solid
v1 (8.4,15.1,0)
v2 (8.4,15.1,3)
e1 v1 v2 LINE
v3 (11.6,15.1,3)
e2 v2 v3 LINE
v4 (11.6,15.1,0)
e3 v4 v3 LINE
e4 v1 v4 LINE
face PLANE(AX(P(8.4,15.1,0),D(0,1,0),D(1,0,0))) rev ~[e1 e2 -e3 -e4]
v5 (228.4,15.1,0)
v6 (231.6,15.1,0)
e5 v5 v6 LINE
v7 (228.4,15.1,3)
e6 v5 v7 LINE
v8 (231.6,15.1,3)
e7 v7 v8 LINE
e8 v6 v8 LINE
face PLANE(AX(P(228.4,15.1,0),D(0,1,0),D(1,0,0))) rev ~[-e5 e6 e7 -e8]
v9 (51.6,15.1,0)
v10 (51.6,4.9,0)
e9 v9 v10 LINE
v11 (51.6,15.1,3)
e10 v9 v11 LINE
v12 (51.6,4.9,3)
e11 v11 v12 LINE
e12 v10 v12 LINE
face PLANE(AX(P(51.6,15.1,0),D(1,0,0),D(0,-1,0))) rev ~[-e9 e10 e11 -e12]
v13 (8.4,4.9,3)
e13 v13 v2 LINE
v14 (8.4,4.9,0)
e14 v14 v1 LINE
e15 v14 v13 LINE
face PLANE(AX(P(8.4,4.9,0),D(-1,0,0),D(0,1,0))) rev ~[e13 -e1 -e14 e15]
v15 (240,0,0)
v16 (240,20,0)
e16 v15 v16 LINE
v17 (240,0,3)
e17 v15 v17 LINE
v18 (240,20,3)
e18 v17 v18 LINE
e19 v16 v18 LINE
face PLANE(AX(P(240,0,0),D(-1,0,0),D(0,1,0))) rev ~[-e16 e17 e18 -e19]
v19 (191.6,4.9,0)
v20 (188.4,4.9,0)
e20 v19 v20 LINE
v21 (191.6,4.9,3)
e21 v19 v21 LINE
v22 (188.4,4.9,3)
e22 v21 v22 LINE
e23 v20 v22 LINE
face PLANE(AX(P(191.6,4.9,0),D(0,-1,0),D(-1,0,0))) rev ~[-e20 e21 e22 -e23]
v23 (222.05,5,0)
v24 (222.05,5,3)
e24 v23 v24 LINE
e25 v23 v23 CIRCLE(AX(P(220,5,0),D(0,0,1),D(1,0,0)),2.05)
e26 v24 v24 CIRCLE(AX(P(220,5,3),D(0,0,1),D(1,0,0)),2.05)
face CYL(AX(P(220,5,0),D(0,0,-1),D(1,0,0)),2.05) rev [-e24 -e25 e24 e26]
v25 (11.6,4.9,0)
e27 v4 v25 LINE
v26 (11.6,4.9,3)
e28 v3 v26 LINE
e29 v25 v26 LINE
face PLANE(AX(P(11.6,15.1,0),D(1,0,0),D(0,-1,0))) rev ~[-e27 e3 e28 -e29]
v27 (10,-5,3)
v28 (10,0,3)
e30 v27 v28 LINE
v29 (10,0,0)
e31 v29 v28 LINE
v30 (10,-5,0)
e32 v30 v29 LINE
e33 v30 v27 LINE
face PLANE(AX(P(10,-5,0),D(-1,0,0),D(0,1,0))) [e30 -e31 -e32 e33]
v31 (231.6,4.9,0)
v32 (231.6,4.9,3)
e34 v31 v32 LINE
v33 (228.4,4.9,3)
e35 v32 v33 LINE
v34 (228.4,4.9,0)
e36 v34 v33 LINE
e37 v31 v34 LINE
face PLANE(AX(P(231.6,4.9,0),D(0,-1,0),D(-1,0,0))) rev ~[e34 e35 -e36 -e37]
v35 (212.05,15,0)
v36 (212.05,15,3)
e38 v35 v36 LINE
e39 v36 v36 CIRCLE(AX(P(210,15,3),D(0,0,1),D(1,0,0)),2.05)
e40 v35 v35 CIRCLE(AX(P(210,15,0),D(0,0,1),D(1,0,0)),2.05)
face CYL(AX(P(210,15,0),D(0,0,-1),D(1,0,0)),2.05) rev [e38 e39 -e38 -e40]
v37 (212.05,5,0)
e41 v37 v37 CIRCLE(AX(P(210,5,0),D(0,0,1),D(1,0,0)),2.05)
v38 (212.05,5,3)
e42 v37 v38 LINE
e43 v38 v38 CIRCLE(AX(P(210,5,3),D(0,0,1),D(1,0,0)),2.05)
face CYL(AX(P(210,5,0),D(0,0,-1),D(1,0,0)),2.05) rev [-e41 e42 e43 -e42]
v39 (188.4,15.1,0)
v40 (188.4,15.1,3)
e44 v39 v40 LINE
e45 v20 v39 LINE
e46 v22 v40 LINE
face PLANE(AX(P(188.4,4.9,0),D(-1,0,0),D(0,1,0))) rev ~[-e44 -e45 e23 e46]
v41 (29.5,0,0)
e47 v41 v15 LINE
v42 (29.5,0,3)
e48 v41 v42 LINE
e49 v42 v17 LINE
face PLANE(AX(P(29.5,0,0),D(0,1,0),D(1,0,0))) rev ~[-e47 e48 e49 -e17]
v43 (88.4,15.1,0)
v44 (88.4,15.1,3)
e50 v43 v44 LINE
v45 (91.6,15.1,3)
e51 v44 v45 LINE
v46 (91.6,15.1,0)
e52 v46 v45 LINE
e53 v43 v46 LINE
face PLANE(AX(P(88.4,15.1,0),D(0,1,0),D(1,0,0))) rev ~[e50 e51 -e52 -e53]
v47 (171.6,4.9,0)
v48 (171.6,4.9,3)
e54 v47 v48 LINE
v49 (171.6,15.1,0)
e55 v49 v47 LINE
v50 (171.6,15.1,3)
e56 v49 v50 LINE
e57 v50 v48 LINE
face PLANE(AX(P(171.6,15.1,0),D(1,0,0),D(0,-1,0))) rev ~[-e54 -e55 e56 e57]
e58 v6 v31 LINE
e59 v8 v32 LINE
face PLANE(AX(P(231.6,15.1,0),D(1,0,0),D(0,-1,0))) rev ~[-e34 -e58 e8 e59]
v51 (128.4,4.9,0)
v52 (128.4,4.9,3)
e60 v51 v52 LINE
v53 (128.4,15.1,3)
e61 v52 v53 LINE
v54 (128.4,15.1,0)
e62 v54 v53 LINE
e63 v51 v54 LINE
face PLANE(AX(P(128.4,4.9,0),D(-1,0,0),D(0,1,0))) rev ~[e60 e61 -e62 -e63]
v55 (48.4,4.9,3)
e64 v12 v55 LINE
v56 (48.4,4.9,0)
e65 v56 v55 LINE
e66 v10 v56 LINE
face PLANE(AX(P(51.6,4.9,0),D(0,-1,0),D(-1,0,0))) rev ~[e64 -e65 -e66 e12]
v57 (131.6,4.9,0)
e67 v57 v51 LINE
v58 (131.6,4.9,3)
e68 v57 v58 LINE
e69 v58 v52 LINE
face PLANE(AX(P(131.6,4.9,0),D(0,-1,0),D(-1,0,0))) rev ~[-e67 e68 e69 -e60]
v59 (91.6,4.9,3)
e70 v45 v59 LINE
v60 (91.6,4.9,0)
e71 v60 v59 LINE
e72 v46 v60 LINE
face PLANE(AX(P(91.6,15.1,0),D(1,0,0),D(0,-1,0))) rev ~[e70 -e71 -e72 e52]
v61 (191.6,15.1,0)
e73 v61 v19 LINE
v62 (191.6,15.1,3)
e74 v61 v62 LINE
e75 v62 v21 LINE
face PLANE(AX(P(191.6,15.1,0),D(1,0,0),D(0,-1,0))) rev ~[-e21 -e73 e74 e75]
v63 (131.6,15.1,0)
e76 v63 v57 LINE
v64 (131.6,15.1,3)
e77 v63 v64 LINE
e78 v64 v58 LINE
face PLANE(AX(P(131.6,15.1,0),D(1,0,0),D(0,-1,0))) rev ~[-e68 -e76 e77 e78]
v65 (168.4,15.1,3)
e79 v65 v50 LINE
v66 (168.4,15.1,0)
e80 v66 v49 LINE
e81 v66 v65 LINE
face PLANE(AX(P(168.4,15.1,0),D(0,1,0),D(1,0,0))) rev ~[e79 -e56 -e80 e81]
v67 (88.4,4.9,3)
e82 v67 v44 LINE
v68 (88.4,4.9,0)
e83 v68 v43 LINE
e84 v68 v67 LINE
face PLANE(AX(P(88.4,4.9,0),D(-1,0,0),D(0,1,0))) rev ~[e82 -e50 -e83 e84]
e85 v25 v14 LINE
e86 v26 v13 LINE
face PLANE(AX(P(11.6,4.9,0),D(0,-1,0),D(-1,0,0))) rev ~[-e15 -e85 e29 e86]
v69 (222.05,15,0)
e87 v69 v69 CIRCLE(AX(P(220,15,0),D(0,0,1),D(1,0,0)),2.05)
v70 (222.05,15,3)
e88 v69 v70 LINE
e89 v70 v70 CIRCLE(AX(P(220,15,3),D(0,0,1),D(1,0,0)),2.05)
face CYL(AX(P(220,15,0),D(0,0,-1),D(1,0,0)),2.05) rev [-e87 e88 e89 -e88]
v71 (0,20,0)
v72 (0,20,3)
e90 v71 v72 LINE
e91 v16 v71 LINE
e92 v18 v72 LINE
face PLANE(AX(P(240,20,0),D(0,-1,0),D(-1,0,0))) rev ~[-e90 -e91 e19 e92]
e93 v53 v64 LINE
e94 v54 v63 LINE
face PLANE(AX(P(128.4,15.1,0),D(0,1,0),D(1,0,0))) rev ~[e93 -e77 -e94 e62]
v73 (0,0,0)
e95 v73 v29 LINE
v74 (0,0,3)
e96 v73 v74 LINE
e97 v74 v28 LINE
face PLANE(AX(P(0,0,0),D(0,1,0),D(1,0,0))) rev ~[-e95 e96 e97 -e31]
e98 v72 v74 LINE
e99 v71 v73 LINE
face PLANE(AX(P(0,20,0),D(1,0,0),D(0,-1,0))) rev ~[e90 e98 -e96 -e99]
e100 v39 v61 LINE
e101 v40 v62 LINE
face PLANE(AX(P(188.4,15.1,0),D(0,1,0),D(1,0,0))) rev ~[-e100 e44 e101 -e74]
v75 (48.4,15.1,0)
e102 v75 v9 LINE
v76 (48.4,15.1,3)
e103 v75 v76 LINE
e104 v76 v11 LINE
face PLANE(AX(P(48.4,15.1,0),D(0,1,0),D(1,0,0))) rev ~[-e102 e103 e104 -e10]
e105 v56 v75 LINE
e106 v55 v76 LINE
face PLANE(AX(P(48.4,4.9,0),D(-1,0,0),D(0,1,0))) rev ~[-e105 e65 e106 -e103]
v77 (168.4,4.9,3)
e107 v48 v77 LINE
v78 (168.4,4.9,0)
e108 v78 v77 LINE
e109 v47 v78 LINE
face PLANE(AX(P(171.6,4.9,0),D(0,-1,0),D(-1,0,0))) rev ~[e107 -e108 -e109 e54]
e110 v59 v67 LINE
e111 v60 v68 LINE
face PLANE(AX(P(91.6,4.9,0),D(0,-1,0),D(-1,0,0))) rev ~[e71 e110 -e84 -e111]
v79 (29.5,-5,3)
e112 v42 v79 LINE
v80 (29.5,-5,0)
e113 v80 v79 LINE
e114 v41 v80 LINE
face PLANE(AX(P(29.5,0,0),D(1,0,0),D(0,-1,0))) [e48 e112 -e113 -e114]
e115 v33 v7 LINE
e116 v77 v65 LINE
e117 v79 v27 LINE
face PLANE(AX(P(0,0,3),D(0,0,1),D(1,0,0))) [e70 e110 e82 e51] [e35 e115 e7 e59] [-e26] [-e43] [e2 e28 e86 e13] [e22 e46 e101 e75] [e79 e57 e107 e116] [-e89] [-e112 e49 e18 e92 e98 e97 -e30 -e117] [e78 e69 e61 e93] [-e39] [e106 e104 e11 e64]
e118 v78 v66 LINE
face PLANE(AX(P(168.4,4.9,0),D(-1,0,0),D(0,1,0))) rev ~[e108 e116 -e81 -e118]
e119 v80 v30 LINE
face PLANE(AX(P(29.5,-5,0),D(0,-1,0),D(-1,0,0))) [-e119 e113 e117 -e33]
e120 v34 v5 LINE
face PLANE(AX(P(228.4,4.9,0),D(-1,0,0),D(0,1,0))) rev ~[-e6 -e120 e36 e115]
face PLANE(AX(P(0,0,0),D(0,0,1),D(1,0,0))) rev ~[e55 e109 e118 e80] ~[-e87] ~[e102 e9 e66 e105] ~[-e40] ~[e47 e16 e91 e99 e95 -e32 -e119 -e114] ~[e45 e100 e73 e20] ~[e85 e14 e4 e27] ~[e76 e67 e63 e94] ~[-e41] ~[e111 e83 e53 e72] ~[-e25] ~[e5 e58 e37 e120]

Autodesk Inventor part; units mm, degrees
ref_plane "YZ Plane" through (0, 0, 0) normal (1, 0, 0) x (0, 1, 0)
ref_plane "XZ Plane" through (0, 0, 0) normal (0, 1, 0) x (-1, 0, 0)
ref_plane "XY Plane" through (0, 0, 0) normal (0, 0, 1) x (1, 0, 0)
sketch "Sketch1" plane through (0, 0, 0) normal (0, 0, 1) x (1, 0, 0)
  line L0 (0, 0) -> (240, 0)
  line L1 (240, 0) -> (240, 20)
  line L2 (240, 20) -> (0, 20)
  line L3 (0, 20) -> (0, 0)
  line L4 (0, 0) -> (22.0483, 0)
  line L5 (10, 0) -> (29.5, 0)
  line L6 (29.5, 0) -> (29.5, -5)
  line L7 (29.5, -5) -> (10, -5)
  line L8 (10, -5) -> (10, 0)
  line L9 (8.4, 15.1) -> (11.6, 15.1)
  line L10 (11.6, 15.1) -> (11.6, 4.9)
  line L11 (11.6, 4.9) -> (8.4, 4.9)
  line L12 (8.4, 4.9) -> (8.4, 15.1)
  line L13 (8.4, 15.1) -> (11.6, 4.9) construction
  line L14 (11.6, 15.1) -> (8.4, 4.9) construction
  line L15 (228.4, 15.1) -> (231.6, 15.1)
  line L16 (231.6, 15.1) -> (231.6, 4.9)
  line L17 (231.6, 4.9) -> (228.4, 4.9)
  line L18 (228.4, 4.9) -> (228.4, 15.1)
  line L19 (228.4, 15.1) -> (231.6, 4.9) construction
  line L20 (231.6, 15.1) -> (228.4, 4.9) construction
  circle A0 centre (220, 15) radius 2.05
  circle A1 centre (220, 5) radius 2.05
  circle A2 centre (210, 15) radius 2.05
  circle A3 centre (210, 5) radius 2.05
  line L21 (48.4, 15.1) -> (51.6, 15.1)
  line L22 (51.6, 15.1) -> (51.6, 4.9)
  line L23 (51.6, 4.9) -> (48.4, 4.9)
  line L24 (48.4, 4.9) -> (48.4, 15.1)
  line L25 (48.4, 15.1) -> (51.6, 4.9) construction
  line L26 (51.6, 15.1) -> (48.4, 4.9) construction
  line L27 (88.4, 15.1) -> (91.6, 15.1)
  line L28 (91.6, 15.1) -> (91.6, 4.9)
  line L29 (91.6, 4.9) -> (88.4, 4.9)
  line L30 (88.4, 4.9) -> (88.4, 15.1)
  line L31 (88.4, 15.1) -> (91.6, 4.9) construction
  line L32 (91.6, 15.1) -> (88.4, 4.9) construction
  line L33 (128.4, 15.1) -> (131.6, 15.1)
  line L34 (131.6, 15.1) -> (131.6, 4.9)
  line L35 (131.6, 4.9) -> (128.4, 4.9)
  line L36 (128.4, 4.9) -> (128.4, 15.1)
  line L37 (128.4, 15.1) -> (131.6, 4.9) construction
  line L38 (131.6, 15.1) -> (128.4, 4.9) construction
  line L39 (168.4, 15.1) -> (171.6, 15.1)
  line L40 (171.6, 15.1) -> (171.6, 4.9)
  line L41 (171.6, 4.9) -> (168.4, 4.9)
  line L42 (168.4, 4.9) -> (168.4, 15.1)
  line L43 (168.4, 15.1) -> (171.6, 4.9) construction
  line L44 (171.6, 15.1) -> (168.4, 4.9) construction
  line L45 (188.4, 15.1) -> (191.6, 15.1)
  line L46 (191.6, 15.1) -> (191.6, 4.9)
  line L47 (191.6, 4.9) -> (188.4, 4.9)
  line L48 (188.4, 4.9) -> (188.4, 15.1)
  line L49 (188.4, 15.1) -> (191.6, 4.9) construction
  line L50 (191.6, 15.1) -> (188.4, 4.9) construction
  point P0 (10, 10)
  point P1 (0, 10)
  point P2 (230, 10)
  point P3 (50, 10)
  point P4 (90, 10)
  point P5 (130, 10)
  point P6 (170, 10)
  point P7 (190, 10)
  dimension "d2" = 19.5
  dimension "d3" = 5
  dimension "d4" = 10
  dimension "d5" = 20
  dimension "d8" = 240
  dimension "d10" = 10.2
  dimension "d11" = 3.2
  dimension "d12" = 10
  dimension "d13" = 10.2
  dimension "d14" = 3.2
  dimension "d15" = 10
  dimension "d16" = 4.1
  dimension "d17" = 4.1
  dimension "d18" = 4.1
  dimension "d19" = 4.1
  dimension "d20" = 10
  dimension "d21" = 20
  dimension "d22" = 10
  dimension "d23" = 5
  dimension "d26" = 10.2
  dimension "d27" = 3.2
  dimension "d28" = 10.2
  dimension "d29" = 3.2
  dimension "d30" = 10.2
  dimension "d31" = 3.2
  dimension "d32" = 10.2
  dimension "d33" = 3.2
  dimension "d34" = 10.2
  dimension "d35" = 3.2
  dimension "d36" = 40
  dimension "d37" = 40
  dimension "d38" = 40
  dimension "d39" = 40
  dimension "d40" = 20
extrude "Extrusion1" add sketch "Sketch1" along normal blind 3
properties part number "Middle_bar"
